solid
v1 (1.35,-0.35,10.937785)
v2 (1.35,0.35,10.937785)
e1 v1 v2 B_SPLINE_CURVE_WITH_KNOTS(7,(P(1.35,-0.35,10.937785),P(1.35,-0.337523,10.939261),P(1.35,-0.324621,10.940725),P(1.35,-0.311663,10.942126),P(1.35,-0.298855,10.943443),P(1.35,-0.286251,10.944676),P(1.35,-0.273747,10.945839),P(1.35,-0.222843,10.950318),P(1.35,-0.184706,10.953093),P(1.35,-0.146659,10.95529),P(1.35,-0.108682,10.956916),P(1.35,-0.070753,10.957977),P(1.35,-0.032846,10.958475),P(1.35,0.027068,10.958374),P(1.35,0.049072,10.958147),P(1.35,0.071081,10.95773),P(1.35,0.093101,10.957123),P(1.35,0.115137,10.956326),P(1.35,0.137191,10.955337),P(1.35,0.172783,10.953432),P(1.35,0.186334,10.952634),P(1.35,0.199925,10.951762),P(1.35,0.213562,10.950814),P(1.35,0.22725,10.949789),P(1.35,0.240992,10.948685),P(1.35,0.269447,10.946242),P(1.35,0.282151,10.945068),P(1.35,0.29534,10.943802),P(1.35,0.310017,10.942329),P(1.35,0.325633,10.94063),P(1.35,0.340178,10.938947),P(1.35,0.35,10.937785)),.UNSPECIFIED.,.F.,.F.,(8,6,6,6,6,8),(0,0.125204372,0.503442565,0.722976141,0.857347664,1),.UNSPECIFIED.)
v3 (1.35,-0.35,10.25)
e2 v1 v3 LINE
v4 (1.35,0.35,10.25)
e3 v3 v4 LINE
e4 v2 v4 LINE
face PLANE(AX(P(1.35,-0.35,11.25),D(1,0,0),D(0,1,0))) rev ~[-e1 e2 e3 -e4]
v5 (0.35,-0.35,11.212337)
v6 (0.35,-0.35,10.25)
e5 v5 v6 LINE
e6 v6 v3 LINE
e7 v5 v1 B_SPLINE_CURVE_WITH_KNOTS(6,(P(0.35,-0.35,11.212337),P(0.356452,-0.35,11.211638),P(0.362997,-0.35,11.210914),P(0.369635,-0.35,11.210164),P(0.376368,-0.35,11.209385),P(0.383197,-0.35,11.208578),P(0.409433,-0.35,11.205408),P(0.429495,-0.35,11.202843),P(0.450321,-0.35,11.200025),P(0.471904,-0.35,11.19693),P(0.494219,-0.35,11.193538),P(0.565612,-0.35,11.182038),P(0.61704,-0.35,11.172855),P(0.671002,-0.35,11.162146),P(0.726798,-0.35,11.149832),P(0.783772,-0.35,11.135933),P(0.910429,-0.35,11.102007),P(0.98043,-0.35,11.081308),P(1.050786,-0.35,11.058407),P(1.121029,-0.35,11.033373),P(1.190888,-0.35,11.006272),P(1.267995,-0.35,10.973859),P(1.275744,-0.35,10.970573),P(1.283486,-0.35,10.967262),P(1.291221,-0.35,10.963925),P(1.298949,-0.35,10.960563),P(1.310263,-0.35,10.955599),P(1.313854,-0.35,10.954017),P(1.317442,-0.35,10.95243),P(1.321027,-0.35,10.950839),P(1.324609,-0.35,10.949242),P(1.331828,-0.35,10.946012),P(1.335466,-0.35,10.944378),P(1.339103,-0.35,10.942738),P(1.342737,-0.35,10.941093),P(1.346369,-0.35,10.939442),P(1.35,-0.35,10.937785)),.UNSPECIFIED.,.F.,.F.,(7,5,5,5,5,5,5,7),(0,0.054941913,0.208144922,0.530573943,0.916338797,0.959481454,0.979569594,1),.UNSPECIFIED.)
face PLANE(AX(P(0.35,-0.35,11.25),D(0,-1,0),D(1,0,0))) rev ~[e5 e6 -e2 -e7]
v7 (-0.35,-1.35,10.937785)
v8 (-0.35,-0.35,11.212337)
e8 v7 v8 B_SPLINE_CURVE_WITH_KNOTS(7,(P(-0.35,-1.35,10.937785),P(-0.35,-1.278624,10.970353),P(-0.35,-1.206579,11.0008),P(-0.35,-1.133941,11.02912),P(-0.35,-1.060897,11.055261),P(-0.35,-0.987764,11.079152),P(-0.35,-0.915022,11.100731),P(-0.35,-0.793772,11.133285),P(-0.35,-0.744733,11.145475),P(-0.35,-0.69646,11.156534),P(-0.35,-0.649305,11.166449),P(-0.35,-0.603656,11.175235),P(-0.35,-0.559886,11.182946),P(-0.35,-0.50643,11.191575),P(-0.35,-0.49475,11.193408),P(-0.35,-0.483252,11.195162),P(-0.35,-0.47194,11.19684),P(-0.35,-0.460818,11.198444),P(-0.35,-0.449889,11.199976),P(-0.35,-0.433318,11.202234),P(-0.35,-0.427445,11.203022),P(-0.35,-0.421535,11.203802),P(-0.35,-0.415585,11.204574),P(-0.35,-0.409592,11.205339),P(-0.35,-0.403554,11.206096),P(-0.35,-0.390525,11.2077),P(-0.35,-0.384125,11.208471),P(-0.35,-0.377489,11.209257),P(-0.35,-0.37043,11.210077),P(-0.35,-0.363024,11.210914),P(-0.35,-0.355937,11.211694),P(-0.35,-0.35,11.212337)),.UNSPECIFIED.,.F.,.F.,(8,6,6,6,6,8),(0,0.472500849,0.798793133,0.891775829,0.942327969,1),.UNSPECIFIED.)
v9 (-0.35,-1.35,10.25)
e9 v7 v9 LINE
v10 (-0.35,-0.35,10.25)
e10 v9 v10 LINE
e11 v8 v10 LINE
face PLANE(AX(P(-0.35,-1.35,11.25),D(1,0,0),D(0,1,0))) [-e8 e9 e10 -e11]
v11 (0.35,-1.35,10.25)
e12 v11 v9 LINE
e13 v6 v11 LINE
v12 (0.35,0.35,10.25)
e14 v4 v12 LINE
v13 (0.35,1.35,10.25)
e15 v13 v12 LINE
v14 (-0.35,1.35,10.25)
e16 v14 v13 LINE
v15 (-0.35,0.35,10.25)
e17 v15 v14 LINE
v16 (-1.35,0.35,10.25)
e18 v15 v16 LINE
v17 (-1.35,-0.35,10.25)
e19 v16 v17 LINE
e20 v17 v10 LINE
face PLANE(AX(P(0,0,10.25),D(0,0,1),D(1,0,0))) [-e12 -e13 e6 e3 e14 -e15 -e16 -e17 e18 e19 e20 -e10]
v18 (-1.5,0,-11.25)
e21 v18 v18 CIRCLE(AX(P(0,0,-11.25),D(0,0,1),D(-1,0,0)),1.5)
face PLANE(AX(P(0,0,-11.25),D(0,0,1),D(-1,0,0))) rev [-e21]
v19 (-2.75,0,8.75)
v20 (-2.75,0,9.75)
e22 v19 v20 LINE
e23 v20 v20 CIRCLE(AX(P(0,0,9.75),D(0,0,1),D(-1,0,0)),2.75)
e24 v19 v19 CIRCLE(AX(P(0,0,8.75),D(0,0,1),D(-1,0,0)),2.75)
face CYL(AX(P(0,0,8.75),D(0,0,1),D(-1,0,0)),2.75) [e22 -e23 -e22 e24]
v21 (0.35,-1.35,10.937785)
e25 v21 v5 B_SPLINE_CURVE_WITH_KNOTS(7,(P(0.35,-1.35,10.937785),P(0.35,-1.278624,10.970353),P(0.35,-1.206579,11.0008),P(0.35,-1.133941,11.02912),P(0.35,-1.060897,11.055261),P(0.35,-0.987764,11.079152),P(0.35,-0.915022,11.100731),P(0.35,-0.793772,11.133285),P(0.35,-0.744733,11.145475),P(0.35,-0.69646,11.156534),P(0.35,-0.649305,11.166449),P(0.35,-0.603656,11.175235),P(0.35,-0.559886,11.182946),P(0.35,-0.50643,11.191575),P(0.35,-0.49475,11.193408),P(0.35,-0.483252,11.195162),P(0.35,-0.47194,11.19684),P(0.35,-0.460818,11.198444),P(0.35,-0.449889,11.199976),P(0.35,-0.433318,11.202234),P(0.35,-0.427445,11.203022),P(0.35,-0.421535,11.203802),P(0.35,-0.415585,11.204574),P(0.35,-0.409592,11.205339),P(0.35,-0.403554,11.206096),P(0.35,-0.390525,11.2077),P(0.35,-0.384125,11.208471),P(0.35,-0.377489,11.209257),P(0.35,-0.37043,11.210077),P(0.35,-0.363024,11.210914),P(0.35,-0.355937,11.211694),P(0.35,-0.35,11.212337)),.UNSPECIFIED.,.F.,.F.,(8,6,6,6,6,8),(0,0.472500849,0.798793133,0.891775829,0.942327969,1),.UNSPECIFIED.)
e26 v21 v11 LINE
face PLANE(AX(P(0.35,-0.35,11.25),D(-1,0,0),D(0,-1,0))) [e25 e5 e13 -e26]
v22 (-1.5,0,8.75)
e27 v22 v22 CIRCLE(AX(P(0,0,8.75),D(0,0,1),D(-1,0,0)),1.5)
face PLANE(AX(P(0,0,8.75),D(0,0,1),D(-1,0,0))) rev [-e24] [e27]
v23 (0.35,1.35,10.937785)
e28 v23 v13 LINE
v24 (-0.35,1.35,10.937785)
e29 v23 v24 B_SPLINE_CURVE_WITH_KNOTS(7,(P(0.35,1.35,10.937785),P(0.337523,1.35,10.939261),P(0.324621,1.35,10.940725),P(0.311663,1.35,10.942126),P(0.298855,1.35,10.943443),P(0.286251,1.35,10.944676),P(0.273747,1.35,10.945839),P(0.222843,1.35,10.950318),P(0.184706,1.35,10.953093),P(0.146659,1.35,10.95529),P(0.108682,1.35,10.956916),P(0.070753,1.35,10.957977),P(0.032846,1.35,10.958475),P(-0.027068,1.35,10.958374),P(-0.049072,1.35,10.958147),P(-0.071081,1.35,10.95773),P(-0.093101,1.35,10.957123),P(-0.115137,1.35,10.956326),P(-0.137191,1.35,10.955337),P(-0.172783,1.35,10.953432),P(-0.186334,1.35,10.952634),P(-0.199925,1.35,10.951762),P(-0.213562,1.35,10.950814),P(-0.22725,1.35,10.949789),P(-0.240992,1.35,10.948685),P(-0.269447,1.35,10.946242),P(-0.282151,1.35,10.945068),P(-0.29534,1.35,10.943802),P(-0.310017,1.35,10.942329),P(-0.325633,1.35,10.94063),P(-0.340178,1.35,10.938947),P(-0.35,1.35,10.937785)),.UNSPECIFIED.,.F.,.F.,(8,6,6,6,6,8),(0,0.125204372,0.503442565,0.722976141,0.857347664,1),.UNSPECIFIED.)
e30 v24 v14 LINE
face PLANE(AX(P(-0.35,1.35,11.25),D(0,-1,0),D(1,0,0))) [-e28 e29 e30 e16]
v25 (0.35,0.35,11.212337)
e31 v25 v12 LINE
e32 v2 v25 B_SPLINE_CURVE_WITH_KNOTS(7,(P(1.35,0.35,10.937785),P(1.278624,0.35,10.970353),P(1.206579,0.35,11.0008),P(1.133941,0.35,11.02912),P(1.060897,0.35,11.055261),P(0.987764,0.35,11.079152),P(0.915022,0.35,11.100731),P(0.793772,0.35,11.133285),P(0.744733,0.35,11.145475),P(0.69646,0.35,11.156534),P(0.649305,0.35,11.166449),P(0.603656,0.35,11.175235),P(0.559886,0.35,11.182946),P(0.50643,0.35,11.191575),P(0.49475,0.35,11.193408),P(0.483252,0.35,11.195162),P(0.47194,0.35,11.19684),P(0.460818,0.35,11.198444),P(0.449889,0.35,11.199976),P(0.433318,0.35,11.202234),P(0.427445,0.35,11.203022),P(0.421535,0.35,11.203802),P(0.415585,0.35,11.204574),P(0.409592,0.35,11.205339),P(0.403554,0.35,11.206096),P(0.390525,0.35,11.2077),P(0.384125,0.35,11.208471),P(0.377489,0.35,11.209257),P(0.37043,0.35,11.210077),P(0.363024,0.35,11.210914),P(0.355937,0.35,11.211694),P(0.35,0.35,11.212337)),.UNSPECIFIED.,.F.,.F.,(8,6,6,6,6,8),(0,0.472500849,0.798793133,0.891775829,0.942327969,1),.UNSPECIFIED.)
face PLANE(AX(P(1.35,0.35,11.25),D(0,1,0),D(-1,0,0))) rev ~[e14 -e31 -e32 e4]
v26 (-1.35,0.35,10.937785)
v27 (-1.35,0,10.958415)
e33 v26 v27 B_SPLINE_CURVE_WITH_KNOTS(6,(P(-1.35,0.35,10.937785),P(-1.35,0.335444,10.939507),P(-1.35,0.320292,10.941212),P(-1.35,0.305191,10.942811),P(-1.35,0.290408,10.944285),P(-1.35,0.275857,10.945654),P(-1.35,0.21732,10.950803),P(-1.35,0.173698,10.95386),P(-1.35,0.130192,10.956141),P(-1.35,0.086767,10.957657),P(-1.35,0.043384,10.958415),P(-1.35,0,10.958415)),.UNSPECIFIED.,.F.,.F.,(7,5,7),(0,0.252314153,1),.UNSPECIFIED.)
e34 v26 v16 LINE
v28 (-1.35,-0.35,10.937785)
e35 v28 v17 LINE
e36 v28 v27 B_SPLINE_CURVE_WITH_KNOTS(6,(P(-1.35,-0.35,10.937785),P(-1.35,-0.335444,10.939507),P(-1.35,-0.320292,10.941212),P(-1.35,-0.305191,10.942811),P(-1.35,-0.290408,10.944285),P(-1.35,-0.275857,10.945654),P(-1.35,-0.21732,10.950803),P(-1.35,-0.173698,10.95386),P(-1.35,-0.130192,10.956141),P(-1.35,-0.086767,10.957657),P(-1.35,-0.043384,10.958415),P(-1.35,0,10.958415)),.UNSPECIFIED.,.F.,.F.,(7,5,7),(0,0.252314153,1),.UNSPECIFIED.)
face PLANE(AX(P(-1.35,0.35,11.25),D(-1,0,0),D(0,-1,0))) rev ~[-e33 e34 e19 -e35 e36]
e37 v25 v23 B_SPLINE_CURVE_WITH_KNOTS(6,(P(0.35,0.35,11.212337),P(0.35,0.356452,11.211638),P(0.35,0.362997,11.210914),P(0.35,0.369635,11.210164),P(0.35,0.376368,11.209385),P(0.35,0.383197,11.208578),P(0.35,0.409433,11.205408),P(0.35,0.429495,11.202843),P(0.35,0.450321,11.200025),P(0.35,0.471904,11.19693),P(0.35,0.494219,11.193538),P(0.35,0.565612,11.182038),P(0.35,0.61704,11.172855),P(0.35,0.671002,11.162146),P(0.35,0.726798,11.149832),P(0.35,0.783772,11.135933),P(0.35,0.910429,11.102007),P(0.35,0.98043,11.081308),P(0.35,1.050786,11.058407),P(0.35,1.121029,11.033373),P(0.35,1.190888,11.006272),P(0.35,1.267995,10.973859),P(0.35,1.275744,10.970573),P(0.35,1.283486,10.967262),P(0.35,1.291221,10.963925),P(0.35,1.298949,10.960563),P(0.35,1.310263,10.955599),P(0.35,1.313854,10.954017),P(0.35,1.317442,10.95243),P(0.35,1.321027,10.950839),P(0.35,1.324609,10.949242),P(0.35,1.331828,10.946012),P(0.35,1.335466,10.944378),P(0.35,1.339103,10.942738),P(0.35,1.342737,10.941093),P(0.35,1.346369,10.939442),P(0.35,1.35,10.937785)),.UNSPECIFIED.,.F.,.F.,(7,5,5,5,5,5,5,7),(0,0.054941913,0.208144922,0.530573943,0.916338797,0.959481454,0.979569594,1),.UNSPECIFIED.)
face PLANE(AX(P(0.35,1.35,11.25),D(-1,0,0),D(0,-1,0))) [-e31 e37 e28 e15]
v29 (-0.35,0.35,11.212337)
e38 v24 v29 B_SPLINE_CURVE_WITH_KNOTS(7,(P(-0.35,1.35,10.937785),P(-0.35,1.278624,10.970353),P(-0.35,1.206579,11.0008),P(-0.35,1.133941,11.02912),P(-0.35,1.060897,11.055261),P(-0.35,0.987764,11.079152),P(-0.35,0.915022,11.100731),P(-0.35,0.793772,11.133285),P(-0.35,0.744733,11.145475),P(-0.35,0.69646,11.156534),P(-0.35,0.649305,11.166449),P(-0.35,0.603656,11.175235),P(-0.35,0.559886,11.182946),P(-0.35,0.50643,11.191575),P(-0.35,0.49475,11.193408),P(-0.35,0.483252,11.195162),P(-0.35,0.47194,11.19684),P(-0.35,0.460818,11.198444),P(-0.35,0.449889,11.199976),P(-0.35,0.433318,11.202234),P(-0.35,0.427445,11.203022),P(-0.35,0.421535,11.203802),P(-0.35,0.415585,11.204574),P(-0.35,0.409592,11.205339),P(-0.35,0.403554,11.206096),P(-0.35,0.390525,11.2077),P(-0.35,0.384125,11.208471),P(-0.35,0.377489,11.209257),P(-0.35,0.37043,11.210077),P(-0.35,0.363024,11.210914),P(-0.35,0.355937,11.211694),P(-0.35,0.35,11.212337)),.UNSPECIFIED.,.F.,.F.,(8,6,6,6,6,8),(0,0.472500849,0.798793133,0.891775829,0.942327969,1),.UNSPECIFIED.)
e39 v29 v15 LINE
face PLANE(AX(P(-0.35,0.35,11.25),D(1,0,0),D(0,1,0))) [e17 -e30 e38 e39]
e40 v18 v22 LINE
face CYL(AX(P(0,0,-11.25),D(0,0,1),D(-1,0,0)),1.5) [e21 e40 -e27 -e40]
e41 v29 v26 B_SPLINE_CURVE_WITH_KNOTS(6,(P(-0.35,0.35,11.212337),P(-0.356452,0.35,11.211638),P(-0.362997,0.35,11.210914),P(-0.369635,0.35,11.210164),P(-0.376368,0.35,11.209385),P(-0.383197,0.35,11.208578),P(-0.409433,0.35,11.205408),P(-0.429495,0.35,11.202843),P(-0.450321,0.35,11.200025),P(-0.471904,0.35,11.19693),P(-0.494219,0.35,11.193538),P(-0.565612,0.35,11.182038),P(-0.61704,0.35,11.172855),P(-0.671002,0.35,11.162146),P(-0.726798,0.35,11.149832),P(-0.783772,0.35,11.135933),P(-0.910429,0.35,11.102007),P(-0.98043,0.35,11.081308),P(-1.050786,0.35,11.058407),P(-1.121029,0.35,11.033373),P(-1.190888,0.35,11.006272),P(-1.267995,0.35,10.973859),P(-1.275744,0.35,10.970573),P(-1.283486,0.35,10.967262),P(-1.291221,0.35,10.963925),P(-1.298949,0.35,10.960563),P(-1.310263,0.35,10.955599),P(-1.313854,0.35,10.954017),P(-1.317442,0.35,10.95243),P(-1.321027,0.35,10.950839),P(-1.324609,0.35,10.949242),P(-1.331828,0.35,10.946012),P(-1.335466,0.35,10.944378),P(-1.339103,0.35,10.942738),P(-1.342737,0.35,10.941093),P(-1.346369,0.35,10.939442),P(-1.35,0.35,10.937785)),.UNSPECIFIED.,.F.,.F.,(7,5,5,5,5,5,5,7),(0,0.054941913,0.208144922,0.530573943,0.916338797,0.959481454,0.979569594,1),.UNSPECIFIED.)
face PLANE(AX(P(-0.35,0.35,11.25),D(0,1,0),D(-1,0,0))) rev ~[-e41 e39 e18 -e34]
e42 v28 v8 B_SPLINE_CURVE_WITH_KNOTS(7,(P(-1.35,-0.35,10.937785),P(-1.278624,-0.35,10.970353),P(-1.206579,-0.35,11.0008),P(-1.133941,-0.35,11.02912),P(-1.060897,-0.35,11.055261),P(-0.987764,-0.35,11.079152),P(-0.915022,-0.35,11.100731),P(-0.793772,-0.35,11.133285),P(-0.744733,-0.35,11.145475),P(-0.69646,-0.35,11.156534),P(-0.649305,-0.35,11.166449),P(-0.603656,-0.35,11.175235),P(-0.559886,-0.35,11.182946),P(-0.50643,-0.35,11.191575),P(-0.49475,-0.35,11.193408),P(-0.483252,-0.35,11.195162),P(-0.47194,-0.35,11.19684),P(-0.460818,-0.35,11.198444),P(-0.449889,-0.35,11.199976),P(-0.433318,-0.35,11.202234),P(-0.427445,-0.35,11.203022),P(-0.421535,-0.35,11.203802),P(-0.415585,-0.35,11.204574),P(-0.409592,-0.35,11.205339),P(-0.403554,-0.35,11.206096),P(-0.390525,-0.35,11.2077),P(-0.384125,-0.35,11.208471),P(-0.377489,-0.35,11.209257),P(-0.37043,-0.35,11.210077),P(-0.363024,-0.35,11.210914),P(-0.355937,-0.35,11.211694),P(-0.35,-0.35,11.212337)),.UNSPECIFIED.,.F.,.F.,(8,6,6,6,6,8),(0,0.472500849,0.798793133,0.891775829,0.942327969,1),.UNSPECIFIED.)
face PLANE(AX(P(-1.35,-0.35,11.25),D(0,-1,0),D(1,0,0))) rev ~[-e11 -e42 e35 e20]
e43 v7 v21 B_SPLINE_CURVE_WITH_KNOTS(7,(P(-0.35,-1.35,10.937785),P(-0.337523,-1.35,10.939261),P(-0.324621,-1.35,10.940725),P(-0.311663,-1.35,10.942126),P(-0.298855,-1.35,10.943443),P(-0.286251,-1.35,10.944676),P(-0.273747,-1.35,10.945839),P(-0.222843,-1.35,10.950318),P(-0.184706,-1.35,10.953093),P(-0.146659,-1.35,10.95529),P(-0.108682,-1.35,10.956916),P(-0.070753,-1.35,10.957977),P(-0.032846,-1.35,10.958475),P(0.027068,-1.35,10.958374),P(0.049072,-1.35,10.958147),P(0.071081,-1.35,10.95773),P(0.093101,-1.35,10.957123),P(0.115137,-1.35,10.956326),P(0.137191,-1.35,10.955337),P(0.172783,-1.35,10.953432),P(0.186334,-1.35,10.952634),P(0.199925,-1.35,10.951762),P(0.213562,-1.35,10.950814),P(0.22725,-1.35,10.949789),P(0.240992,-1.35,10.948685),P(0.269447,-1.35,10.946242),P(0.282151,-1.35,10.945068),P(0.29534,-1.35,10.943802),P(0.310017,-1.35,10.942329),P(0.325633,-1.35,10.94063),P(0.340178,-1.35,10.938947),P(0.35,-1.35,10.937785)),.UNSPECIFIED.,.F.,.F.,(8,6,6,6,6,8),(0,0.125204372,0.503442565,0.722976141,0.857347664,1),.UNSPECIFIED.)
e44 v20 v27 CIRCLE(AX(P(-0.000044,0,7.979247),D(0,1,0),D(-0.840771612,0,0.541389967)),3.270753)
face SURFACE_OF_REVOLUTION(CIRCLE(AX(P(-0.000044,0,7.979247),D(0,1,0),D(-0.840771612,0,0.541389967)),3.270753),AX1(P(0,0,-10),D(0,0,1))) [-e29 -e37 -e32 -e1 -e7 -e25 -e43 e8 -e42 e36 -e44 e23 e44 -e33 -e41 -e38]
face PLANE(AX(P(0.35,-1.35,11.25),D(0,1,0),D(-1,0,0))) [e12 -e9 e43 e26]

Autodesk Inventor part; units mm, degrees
ref_plane "YZ Plane" through (0, 0, 0) normal (1, 0, 0) x (0, 1, 0)
ref_plane "XZ Plane" through (0, 0, 0) normal (0, 1, 0) x (-1, 0, 0)
sketch "Sketch1" plane through (0, 0, 0) normal (0, 1, 0) x (-1, 0, 0)
  line L0 (0, -15.8201) -> (0, 16.1707) projected
  line L1 (0, -11.25) -> (0, 11.25)
  line L2 (0, -11.25) -> (1.5, -11.25)
  line L3 (1.5, -11.25) -> (1.5, 8.75)
  line L4 (1.5, 8.75) -> (2.75, 8.75)
  line L5 (2.75, 8.75) -> (2.75, 9.75)
  arc A0 (2.75, 9.75) -> (0, 11.25) centre (0, 7.9792) ccw
  line L6 (3.5295, 0) -> (-0.5882, 0) projected
  point P0 (0, 0)
  dimension "d0" = 20
  dimension "d1" = 3
  dimension "d2" = 2.5
  dimension "d3" = 5.5
  dimension "d4" = 1
revolve "Revolution1" add sketch "Sketch1" angle 360 about axis through (0, 0, -10) along (0, 0, 1)
ref_plane "Work Plane1" through (0, 0, 11.25) normal (0, 0, 1) x (1, 0, 0)
sketch "Sketch2" plane through (0, 0, 11.25) normal (0, 0, 1) x (1, 0, 0)
  line L0 (-1.35, -0.35) -> (1.35, -0.35)
  line L1 (1.35, -0.35) -> (1.35, 0.35)
  line L2 (1.35, 0.35) -> (-1.35, 0.35)
  line L3 (-1.35, 0.35) -> (-1.35, -0.35)
  line L4 (-1.35, -0.35) -> (1.35, 0.35) construction
  line L5 (1.35, -0.35) -> (-1.35, 0.35) construction
  line L6 (0.35, -1.35) -> (-0.35, -1.35)
  line L7 (-0.35, -1.35) -> (-0.35, 1.35)
  line L8 (-0.35, 1.35) -> (0.35, 1.35)
  line L9 (0.35, 1.35) -> (0.35, -1.35)
  line L10 (0.35, -1.35) -> (-0.35, 1.35) construction
  line L11 (-0.35, -1.35) -> (0.35, 1.35) construction
  point P0 (0, 0)
  dimension "d6" = 2.7
  dimension "d7" = 0.7
extrude "Extrusion1" cut sketch "Sketch2" against normal blind 1
thread "Thread1" size "M3x0.5" class "6g" standard "ANSI Metric M Profile" full length
properties part number "empty"
